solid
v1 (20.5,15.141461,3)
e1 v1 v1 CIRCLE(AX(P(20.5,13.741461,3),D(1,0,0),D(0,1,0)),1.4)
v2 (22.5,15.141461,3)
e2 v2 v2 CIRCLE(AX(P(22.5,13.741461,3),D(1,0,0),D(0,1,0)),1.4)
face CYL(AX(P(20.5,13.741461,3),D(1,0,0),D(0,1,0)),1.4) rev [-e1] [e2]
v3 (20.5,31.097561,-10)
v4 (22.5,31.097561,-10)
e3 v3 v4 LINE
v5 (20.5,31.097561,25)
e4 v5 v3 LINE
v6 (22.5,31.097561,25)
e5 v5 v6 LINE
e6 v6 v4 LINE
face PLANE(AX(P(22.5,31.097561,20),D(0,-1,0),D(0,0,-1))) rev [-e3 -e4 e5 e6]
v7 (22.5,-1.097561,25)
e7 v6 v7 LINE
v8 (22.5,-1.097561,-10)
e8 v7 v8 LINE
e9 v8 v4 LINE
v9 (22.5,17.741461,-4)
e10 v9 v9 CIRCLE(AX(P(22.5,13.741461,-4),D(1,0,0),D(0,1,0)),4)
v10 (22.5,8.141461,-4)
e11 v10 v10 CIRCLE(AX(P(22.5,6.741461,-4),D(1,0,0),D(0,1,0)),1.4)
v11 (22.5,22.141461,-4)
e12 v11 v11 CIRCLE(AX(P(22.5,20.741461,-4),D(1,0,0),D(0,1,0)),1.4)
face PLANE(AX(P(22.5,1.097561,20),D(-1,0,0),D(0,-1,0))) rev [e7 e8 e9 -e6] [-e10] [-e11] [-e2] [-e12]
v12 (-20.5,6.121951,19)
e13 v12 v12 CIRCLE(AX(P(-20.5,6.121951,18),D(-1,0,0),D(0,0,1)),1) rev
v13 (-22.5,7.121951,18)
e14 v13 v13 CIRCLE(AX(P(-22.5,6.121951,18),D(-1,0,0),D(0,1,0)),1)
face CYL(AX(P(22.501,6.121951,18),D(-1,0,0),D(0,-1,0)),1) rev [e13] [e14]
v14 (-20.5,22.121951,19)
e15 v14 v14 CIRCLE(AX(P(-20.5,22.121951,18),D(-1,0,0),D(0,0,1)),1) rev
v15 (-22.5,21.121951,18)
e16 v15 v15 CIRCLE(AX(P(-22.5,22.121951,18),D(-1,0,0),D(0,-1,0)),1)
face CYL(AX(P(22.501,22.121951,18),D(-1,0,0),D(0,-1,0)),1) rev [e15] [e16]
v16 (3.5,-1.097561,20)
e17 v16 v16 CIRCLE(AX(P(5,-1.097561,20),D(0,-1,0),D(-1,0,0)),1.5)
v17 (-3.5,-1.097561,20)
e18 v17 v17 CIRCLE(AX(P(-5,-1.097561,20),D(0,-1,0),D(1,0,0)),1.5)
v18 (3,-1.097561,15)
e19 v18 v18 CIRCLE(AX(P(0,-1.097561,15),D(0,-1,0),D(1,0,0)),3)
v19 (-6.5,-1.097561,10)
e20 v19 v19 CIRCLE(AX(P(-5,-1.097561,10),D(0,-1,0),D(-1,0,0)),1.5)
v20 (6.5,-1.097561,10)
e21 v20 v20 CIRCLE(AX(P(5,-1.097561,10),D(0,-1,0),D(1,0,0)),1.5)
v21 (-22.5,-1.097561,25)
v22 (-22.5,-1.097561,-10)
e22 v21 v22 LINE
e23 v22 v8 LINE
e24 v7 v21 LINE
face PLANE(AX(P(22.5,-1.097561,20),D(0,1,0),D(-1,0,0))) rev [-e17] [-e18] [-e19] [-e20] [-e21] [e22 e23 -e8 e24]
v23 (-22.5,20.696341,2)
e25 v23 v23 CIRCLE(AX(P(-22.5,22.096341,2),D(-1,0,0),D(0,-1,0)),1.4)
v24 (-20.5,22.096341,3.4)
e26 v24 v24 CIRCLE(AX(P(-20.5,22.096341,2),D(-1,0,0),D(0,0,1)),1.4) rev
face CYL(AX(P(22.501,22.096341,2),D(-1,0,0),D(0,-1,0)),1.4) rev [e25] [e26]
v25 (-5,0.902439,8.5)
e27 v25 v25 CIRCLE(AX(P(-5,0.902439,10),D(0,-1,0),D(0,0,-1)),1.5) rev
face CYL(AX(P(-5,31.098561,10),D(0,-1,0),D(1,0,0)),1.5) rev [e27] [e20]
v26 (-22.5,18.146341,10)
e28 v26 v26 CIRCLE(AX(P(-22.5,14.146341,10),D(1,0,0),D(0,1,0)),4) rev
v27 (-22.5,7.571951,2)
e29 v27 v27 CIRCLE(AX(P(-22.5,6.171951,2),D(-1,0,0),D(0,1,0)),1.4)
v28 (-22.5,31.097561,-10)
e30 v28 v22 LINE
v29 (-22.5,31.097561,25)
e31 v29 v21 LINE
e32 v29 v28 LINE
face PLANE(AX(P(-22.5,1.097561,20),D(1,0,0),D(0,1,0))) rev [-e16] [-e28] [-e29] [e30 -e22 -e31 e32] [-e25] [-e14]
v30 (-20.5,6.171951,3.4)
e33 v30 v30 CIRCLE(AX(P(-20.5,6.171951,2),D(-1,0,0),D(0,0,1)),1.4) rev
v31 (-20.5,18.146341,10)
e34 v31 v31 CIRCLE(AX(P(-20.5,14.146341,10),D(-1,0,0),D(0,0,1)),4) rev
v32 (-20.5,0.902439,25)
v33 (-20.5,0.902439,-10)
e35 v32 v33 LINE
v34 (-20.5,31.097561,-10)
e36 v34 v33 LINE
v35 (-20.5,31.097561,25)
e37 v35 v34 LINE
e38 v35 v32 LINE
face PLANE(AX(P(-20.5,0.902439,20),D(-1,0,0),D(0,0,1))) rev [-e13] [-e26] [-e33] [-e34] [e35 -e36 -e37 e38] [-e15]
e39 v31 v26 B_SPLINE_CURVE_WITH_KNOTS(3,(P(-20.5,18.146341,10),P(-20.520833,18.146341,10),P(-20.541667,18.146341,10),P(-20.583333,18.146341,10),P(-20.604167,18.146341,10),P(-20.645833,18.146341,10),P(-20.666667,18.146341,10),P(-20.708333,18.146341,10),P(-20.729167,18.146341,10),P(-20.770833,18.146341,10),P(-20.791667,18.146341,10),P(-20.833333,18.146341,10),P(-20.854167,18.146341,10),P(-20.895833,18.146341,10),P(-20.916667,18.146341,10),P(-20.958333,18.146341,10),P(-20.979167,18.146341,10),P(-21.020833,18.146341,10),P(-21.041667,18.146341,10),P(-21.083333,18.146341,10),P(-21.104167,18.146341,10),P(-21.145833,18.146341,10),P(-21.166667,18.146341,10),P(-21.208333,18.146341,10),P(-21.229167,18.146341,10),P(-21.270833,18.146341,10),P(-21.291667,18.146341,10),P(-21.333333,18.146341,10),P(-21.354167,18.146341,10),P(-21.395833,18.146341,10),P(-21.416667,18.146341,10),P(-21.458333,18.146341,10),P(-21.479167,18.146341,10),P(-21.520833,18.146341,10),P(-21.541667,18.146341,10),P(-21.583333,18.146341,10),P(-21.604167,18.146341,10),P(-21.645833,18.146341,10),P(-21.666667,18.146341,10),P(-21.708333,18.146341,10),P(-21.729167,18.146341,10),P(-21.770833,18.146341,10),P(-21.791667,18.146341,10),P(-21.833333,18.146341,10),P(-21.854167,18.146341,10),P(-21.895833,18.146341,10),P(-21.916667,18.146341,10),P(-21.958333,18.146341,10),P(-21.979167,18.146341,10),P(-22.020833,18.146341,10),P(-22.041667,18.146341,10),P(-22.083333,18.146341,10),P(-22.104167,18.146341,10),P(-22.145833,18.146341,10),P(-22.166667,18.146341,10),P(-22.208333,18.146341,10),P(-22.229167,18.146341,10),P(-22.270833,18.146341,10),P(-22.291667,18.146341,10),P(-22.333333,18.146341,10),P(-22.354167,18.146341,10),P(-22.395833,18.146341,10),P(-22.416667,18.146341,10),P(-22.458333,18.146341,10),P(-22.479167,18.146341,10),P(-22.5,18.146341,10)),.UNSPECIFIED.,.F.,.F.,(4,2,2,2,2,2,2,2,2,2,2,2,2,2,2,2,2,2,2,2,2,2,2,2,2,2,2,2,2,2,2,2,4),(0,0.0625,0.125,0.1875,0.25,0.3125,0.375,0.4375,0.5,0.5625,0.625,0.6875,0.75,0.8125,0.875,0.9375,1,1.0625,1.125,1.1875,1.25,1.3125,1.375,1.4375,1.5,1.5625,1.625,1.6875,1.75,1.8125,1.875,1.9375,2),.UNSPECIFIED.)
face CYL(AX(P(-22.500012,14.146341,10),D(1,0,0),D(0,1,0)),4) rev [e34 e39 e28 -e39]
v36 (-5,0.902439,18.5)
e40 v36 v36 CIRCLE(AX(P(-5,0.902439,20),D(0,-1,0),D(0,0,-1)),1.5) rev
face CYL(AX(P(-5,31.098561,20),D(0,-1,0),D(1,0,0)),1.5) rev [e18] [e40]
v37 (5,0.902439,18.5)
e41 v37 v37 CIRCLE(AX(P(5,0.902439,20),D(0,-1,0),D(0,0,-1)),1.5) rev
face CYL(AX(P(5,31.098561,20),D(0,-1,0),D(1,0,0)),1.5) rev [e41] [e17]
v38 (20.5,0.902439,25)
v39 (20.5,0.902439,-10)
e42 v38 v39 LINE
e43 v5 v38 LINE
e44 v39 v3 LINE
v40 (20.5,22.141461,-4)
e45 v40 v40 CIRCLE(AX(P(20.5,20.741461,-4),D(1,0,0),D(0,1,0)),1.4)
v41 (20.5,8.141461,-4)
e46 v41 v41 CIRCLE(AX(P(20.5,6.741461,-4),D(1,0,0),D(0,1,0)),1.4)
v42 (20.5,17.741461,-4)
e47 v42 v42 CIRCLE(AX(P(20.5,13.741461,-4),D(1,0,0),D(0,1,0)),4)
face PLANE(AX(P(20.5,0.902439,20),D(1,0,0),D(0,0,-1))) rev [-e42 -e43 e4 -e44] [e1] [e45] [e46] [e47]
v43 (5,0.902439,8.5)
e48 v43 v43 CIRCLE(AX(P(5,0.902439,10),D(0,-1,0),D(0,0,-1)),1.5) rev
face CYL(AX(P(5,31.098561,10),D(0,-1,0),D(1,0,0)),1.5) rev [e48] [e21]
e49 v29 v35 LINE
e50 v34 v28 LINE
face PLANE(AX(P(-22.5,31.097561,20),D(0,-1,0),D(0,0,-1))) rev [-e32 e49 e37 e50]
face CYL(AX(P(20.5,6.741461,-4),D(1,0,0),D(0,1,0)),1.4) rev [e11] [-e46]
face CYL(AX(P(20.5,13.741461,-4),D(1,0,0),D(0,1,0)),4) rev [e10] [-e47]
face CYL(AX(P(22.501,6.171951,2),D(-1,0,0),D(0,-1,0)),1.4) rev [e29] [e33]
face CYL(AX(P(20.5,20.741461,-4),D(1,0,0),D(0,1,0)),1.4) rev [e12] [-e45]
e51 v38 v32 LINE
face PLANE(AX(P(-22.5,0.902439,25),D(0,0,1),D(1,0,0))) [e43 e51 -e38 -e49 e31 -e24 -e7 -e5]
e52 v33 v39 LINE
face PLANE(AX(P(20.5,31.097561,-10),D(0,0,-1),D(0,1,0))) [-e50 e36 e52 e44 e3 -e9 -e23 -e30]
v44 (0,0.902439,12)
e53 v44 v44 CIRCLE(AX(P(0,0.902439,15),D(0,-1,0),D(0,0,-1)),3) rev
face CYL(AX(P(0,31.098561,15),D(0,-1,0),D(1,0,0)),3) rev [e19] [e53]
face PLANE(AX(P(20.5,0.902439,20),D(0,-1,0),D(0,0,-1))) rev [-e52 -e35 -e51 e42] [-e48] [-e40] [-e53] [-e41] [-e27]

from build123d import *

# Parameters (mm, degrees)
EXTRUDE_1_DEPTH                 = 20
CUT_EXTRUDE_1_REACH             = 60.241
SKETCH_2_R                      = 4
CUT_EXTRUDE_1_DIRECTION_2_DEPTH = 59.241379608
CUT_EXTRUDE_2_REACH             = 60.241
SKETCH_3_R                      = 1.4
SKETCH_3_R_2                    = 1
SKETCH_7_W                      = 10
SKETCH_7_H                      = 32.195121952
EXTRUDE_2_DEPTH                 = 2
SKETCH_8_W                      = 43
SKETCH_8_H                      = 10
EXTRUDE_3_DEPTH                 = 2
SKETCH_9_W                      = 10
SKETCH_9_H                      = 30.195121952
EXTRUDE_4_DEPTH                 = 2
SKETCH_11_R                     = 1.4
SKETCH_11_R_2                   = 4
CUT_EXTRUDE_8_DEPTH             = 2
SKETCH_13_W                     = 45
SKETCH_13_H                     = 5
EXTRUDE_5_DEPTH                 = 2
SKETCH_14_W                     = 2
SKETCH_14_H                     = 5
EXTRUDE_6_DEPTH                 = 30.19512195
CUT_EXTRUDE_9_REACH             = 48.559
SKETCH_19_R                     = 1.5
SKETCH_19_R_2                   = 3


with BuildPart() as part:
    # 草图1 → 凸台-拉伸1 (new body)
    with BuildSketch(Plane.XY):
        Polygon((22.5, 1.097560976), (22.5, -1.097560976), (-22.5, -1.097560976), (-22.5, 1.097560976), (-22.5, 31.097560976), (-20.5, 31.097560976), (-20.5, 0.902439024), (20.5, 0.902439024), (20.5, 31.097560976), (22.5, 31.097560976), align=None)
    extrude(amount=EXTRUDE_1_DEPTH)

    # 草图2 → 切除-拉伸1 (cut, up to next)
    with BuildSketch(Plane.ZY.offset(22.5), mode=Mode.PRIVATE) as cut_extrude_1_sk1:
        with Locations(Location((10, 14.146341463, 0), (0, 0, 90))):
            Circle(SKETCH_2_R)
    cut_extrude_1_tool1 = extrude(cut_extrude_1_sk1.sketch, amount=-CUT_EXTRUDE_1_REACH, mode=Mode.PRIVATE) & part.part
    add(cut_extrude_1_tool1.solids().sort_by_distance((-22.5, 14.146341, 10))[0], mode=Mode.SUBTRACT)

    # 草图2 → 切除-拉伸1 direction 2 (cut)
    with BuildSketch(Plane.ZY.offset(22.5)):
        with Locations(Location((10, 14.146341463, 0), (0, 0, 90))):
            Circle(SKETCH_2_R)
    extrude(amount=CUT_EXTRUDE_1_DIRECTION_2_DEPTH, mode=Mode.SUBTRACT)

    # 草图3 → 切除-拉伸2 (cut, up to next)
    with BuildSketch(Plane.ZY.offset(22.5), mode=Mode.PRIVATE) as cut_extrude_2_sk1:
        with Locations(Location((2, 22.096341464, 0), (0, 0, 270))):
            Circle(SKETCH_3_R)
    cut_extrude_2_tool1 = extrude(cut_extrude_2_sk1.sketch, amount=-CUT_EXTRUDE_2_REACH, mode=Mode.PRIVATE) & part.part
    # 草图3 → 切除-拉伸2 (cut, up to next)
    with BuildSketch(Plane.ZY.offset(22.5), mode=Mode.PRIVATE) as cut_extrude_2_sk2:
        with Locations(Location((18, 22.12195122, 0), (0, 0, 270))):
            Circle(SKETCH_3_R_2)
    cut_extrude_2_tool2 = extrude(cut_extrude_2_sk2.sketch, amount=-CUT_EXTRUDE_2_REACH, mode=Mode.PRIVATE) & part.part
    # 草图3 → 切除-拉伸2 (cut, up to next)
    with BuildSketch(Plane.ZY.offset(22.5), mode=Mode.PRIVATE) as cut_extrude_2_sk3:
        with Locations((18, 6.12195122)):
            Circle(SKETCH_3_R_2)
    cut_extrude_2_tool3 = extrude(cut_extrude_2_sk3.sketch, amount=-CUT_EXTRUDE_2_REACH, mode=Mode.PRIVATE) & part.part
    # 草图3 → 切除-拉伸2 (cut, up to next)
    with BuildSketch(Plane.ZY.offset(22.5), mode=Mode.PRIVATE) as cut_extrude_2_sk4:
        with Locations((2, 6.171951224)):
            Circle(SKETCH_3_R)
    cut_extrude_2_tool4 = extrude(cut_extrude_2_sk4.sketch, amount=-CUT_EXTRUDE_2_REACH, mode=Mode.PRIVATE) & part.part
    add(cut_extrude_2_tool1.solids().sort_by_distance((-22.5, 22.096341, 2))[0], mode=Mode.SUBTRACT)
    add(cut_extrude_2_tool2.solids().sort_by_distance((-22.5, 22.121951, 18))[0], mode=Mode.SUBTRACT)
    add(cut_extrude_2_tool3.solids().sort_by_distance((-22.5, 6.121951, 18))[0], mode=Mode.SUBTRACT)
    add(cut_extrude_2_tool4.solids().sort_by_distance((-22.5, 6.171951, 2))[0], mode=Mode.SUBTRACT)

    # 草图7 → 凸台-拉伸2 (add)
    with BuildSketch(Plane(origin=(22.5, 0, 0), x_dir=(0, 0, -1), z_dir=(1, 0, 0))):
        with Locations((5, 15)):
            Rectangle(SKETCH_7_W, SKETCH_7_H)
    extrude(amount=-EXTRUDE_2_DEPTH)

    # 草图8 → 凸台-拉伸3 (add)
    with BuildSketch(Plane.XZ.offset(1.097560976)):
        with Locations((-1, -5)):
            Rectangle(SKETCH_8_W, SKETCH_8_H)
    extrude(amount=-EXTRUDE_3_DEPTH)

    # 草图9 → 凸台-拉伸4 (add)
    with BuildSketch(Plane.ZY.offset(22.5)):
        with Locations((-5, 16)):
            Rectangle(SKETCH_9_W, SKETCH_9_H)
    extrude(amount=-EXTRUDE_4_DEPTH)

    # 草图11 → 切除-拉伸8 (cut)
    with BuildSketch(Plane(origin=(22.5, 0, 0), x_dir=(0, 0, -1), z_dir=(1, 0, 0))):
        with Locations(Location((4, 20.741461029, 0), (0, 0, 90))):
            Circle(SKETCH_11_R)
        with Locations(Location((4, 6.741461029, 0), (0, 0, 90))):
            Circle(SKETCH_11_R)
        with Locations(Location((-3, 13.741461029, 0), (0, 0, 90))):
            Circle(SKETCH_11_R)
        with Locations(Location((4, 13.741461029, 0), (0, 0, 90))):
            Circle(SKETCH_11_R_2)
    extrude(amount=-CUT_EXTRUDE_8_DEPTH, mode=Mode.SUBTRACT)

    # 草图13 → 凸台-拉伸5 (add)
    with BuildSketch(Plane.XZ.offset(1.097560976)):
        with Locations((0, 22.5)):
            Rectangle(SKETCH_13_W, SKETCH_13_H)
    extrude(amount=-EXTRUDE_5_DEPTH)

    # 草图14 → 凸台-拉伸6 (add)
    with BuildSketch(Plane(origin=(0, 0.902439024, 0), x_dir=(1, 0, 0), z_dir=(0, 1, 0))):
        with Locations((21.5, -22.5)):
            Rectangle(SKETCH_14_W, SKETCH_14_H)
        with Locations((-21.5, -22.5)):
            Rectangle(SKETCH_14_W, SKETCH_14_H)
    extrude(amount=EXTRUDE_6_DEPTH)

    # 草图19 → 切除-拉伸9 (cut, up to next)
    with BuildSketch(Plane.XZ.offset(1.097560976), mode=Mode.PRIVATE) as cut_extrude_9_sk1:
        with Locations((-5, 20)):
            Circle(SKETCH_19_R)
    cut_extrude_9_tool1 = extrude(cut_extrude_9_sk1.sketch, amount=-CUT_EXTRUDE_9_REACH, mode=Mode.PRIVATE) & part.part
    # 草图19 → 切除-拉伸9 (cut, up to next)
    with BuildSketch(Plane.XZ.offset(1.097560976), mode=Mode.PRIVATE) as cut_extrude_9_sk2:
        with Locations((0, 15)):
            Circle(SKETCH_19_R_2)
    cut_extrude_9_tool2 = extrude(cut_extrude_9_sk2.sketch, amount=-CUT_EXTRUDE_9_REACH, mode=Mode.PRIVATE) & part.part
    # 草图19 → 切除-拉伸9 (cut, up to next)
    with BuildSketch(Plane.XZ.offset(1.097560976), mode=Mode.PRIVATE) as cut_extrude_9_sk3:
        with Locations(Location((-5, 10, 0), (0, 0, 270))):
            Circle(SKETCH_19_R)
    cut_extrude_9_tool3 = extrude(cut_extrude_9_sk3.sketch, amount=-CUT_EXTRUDE_9_REACH, mode=Mode.PRIVATE) & part.part
    # 草图19 → 切除-拉伸9 (cut, up to next)
    with BuildSketch(Plane.XZ.offset(1.097560976), mode=Mode.PRIVATE) as cut_extrude_9_sk4:
        with Locations((5, 10)):
            Circle(SKETCH_19_R)
    cut_extrude_9_tool4 = extrude(cut_extrude_9_sk4.sketch, amount=-CUT_EXTRUDE_9_REACH, mode=Mode.PRIVATE) & part.part
    # 草图19 → 切除-拉伸9 (cut, up to next)
    with BuildSketch(Plane.XZ.offset(1.097560976), mode=Mode.PRIVATE) as cut_extrude_9_sk5:
        with Locations(Location((5, 20, 0), (0, 0, 270))):
            Circle(SKETCH_19_R)
    cut_extrude_9_tool5 = extrude(cut_extrude_9_sk5.sketch, amount=-CUT_EXTRUDE_9_REACH, mode=Mode.PRIVATE) & part.part
    add(cut_extrude_9_tool1.solids().sort_by_distance((-5, -1.097561, 20))[0], mode=Mode.SUBTRACT)
    add(cut_extrude_9_tool2.solids().sort_by_distance((0, -1.097561, 15))[0], mode=Mode.SUBTRACT)
    add(cut_extrude_9_tool3.solids().sort_by_distance((-5, -1.097561, 10))[0], mode=Mode.SUBTRACT)
    add(cut_extrude_9_tool4.solids().sort_by_distance((5, -1.097561, 10))[0], mode=Mode.SUBTRACT)
    add(cut_extrude_9_tool5.solids().sort_by_distance((5, -1.097561, 20))[0], mode=Mode.SUBTRACT)


solid = part.part
